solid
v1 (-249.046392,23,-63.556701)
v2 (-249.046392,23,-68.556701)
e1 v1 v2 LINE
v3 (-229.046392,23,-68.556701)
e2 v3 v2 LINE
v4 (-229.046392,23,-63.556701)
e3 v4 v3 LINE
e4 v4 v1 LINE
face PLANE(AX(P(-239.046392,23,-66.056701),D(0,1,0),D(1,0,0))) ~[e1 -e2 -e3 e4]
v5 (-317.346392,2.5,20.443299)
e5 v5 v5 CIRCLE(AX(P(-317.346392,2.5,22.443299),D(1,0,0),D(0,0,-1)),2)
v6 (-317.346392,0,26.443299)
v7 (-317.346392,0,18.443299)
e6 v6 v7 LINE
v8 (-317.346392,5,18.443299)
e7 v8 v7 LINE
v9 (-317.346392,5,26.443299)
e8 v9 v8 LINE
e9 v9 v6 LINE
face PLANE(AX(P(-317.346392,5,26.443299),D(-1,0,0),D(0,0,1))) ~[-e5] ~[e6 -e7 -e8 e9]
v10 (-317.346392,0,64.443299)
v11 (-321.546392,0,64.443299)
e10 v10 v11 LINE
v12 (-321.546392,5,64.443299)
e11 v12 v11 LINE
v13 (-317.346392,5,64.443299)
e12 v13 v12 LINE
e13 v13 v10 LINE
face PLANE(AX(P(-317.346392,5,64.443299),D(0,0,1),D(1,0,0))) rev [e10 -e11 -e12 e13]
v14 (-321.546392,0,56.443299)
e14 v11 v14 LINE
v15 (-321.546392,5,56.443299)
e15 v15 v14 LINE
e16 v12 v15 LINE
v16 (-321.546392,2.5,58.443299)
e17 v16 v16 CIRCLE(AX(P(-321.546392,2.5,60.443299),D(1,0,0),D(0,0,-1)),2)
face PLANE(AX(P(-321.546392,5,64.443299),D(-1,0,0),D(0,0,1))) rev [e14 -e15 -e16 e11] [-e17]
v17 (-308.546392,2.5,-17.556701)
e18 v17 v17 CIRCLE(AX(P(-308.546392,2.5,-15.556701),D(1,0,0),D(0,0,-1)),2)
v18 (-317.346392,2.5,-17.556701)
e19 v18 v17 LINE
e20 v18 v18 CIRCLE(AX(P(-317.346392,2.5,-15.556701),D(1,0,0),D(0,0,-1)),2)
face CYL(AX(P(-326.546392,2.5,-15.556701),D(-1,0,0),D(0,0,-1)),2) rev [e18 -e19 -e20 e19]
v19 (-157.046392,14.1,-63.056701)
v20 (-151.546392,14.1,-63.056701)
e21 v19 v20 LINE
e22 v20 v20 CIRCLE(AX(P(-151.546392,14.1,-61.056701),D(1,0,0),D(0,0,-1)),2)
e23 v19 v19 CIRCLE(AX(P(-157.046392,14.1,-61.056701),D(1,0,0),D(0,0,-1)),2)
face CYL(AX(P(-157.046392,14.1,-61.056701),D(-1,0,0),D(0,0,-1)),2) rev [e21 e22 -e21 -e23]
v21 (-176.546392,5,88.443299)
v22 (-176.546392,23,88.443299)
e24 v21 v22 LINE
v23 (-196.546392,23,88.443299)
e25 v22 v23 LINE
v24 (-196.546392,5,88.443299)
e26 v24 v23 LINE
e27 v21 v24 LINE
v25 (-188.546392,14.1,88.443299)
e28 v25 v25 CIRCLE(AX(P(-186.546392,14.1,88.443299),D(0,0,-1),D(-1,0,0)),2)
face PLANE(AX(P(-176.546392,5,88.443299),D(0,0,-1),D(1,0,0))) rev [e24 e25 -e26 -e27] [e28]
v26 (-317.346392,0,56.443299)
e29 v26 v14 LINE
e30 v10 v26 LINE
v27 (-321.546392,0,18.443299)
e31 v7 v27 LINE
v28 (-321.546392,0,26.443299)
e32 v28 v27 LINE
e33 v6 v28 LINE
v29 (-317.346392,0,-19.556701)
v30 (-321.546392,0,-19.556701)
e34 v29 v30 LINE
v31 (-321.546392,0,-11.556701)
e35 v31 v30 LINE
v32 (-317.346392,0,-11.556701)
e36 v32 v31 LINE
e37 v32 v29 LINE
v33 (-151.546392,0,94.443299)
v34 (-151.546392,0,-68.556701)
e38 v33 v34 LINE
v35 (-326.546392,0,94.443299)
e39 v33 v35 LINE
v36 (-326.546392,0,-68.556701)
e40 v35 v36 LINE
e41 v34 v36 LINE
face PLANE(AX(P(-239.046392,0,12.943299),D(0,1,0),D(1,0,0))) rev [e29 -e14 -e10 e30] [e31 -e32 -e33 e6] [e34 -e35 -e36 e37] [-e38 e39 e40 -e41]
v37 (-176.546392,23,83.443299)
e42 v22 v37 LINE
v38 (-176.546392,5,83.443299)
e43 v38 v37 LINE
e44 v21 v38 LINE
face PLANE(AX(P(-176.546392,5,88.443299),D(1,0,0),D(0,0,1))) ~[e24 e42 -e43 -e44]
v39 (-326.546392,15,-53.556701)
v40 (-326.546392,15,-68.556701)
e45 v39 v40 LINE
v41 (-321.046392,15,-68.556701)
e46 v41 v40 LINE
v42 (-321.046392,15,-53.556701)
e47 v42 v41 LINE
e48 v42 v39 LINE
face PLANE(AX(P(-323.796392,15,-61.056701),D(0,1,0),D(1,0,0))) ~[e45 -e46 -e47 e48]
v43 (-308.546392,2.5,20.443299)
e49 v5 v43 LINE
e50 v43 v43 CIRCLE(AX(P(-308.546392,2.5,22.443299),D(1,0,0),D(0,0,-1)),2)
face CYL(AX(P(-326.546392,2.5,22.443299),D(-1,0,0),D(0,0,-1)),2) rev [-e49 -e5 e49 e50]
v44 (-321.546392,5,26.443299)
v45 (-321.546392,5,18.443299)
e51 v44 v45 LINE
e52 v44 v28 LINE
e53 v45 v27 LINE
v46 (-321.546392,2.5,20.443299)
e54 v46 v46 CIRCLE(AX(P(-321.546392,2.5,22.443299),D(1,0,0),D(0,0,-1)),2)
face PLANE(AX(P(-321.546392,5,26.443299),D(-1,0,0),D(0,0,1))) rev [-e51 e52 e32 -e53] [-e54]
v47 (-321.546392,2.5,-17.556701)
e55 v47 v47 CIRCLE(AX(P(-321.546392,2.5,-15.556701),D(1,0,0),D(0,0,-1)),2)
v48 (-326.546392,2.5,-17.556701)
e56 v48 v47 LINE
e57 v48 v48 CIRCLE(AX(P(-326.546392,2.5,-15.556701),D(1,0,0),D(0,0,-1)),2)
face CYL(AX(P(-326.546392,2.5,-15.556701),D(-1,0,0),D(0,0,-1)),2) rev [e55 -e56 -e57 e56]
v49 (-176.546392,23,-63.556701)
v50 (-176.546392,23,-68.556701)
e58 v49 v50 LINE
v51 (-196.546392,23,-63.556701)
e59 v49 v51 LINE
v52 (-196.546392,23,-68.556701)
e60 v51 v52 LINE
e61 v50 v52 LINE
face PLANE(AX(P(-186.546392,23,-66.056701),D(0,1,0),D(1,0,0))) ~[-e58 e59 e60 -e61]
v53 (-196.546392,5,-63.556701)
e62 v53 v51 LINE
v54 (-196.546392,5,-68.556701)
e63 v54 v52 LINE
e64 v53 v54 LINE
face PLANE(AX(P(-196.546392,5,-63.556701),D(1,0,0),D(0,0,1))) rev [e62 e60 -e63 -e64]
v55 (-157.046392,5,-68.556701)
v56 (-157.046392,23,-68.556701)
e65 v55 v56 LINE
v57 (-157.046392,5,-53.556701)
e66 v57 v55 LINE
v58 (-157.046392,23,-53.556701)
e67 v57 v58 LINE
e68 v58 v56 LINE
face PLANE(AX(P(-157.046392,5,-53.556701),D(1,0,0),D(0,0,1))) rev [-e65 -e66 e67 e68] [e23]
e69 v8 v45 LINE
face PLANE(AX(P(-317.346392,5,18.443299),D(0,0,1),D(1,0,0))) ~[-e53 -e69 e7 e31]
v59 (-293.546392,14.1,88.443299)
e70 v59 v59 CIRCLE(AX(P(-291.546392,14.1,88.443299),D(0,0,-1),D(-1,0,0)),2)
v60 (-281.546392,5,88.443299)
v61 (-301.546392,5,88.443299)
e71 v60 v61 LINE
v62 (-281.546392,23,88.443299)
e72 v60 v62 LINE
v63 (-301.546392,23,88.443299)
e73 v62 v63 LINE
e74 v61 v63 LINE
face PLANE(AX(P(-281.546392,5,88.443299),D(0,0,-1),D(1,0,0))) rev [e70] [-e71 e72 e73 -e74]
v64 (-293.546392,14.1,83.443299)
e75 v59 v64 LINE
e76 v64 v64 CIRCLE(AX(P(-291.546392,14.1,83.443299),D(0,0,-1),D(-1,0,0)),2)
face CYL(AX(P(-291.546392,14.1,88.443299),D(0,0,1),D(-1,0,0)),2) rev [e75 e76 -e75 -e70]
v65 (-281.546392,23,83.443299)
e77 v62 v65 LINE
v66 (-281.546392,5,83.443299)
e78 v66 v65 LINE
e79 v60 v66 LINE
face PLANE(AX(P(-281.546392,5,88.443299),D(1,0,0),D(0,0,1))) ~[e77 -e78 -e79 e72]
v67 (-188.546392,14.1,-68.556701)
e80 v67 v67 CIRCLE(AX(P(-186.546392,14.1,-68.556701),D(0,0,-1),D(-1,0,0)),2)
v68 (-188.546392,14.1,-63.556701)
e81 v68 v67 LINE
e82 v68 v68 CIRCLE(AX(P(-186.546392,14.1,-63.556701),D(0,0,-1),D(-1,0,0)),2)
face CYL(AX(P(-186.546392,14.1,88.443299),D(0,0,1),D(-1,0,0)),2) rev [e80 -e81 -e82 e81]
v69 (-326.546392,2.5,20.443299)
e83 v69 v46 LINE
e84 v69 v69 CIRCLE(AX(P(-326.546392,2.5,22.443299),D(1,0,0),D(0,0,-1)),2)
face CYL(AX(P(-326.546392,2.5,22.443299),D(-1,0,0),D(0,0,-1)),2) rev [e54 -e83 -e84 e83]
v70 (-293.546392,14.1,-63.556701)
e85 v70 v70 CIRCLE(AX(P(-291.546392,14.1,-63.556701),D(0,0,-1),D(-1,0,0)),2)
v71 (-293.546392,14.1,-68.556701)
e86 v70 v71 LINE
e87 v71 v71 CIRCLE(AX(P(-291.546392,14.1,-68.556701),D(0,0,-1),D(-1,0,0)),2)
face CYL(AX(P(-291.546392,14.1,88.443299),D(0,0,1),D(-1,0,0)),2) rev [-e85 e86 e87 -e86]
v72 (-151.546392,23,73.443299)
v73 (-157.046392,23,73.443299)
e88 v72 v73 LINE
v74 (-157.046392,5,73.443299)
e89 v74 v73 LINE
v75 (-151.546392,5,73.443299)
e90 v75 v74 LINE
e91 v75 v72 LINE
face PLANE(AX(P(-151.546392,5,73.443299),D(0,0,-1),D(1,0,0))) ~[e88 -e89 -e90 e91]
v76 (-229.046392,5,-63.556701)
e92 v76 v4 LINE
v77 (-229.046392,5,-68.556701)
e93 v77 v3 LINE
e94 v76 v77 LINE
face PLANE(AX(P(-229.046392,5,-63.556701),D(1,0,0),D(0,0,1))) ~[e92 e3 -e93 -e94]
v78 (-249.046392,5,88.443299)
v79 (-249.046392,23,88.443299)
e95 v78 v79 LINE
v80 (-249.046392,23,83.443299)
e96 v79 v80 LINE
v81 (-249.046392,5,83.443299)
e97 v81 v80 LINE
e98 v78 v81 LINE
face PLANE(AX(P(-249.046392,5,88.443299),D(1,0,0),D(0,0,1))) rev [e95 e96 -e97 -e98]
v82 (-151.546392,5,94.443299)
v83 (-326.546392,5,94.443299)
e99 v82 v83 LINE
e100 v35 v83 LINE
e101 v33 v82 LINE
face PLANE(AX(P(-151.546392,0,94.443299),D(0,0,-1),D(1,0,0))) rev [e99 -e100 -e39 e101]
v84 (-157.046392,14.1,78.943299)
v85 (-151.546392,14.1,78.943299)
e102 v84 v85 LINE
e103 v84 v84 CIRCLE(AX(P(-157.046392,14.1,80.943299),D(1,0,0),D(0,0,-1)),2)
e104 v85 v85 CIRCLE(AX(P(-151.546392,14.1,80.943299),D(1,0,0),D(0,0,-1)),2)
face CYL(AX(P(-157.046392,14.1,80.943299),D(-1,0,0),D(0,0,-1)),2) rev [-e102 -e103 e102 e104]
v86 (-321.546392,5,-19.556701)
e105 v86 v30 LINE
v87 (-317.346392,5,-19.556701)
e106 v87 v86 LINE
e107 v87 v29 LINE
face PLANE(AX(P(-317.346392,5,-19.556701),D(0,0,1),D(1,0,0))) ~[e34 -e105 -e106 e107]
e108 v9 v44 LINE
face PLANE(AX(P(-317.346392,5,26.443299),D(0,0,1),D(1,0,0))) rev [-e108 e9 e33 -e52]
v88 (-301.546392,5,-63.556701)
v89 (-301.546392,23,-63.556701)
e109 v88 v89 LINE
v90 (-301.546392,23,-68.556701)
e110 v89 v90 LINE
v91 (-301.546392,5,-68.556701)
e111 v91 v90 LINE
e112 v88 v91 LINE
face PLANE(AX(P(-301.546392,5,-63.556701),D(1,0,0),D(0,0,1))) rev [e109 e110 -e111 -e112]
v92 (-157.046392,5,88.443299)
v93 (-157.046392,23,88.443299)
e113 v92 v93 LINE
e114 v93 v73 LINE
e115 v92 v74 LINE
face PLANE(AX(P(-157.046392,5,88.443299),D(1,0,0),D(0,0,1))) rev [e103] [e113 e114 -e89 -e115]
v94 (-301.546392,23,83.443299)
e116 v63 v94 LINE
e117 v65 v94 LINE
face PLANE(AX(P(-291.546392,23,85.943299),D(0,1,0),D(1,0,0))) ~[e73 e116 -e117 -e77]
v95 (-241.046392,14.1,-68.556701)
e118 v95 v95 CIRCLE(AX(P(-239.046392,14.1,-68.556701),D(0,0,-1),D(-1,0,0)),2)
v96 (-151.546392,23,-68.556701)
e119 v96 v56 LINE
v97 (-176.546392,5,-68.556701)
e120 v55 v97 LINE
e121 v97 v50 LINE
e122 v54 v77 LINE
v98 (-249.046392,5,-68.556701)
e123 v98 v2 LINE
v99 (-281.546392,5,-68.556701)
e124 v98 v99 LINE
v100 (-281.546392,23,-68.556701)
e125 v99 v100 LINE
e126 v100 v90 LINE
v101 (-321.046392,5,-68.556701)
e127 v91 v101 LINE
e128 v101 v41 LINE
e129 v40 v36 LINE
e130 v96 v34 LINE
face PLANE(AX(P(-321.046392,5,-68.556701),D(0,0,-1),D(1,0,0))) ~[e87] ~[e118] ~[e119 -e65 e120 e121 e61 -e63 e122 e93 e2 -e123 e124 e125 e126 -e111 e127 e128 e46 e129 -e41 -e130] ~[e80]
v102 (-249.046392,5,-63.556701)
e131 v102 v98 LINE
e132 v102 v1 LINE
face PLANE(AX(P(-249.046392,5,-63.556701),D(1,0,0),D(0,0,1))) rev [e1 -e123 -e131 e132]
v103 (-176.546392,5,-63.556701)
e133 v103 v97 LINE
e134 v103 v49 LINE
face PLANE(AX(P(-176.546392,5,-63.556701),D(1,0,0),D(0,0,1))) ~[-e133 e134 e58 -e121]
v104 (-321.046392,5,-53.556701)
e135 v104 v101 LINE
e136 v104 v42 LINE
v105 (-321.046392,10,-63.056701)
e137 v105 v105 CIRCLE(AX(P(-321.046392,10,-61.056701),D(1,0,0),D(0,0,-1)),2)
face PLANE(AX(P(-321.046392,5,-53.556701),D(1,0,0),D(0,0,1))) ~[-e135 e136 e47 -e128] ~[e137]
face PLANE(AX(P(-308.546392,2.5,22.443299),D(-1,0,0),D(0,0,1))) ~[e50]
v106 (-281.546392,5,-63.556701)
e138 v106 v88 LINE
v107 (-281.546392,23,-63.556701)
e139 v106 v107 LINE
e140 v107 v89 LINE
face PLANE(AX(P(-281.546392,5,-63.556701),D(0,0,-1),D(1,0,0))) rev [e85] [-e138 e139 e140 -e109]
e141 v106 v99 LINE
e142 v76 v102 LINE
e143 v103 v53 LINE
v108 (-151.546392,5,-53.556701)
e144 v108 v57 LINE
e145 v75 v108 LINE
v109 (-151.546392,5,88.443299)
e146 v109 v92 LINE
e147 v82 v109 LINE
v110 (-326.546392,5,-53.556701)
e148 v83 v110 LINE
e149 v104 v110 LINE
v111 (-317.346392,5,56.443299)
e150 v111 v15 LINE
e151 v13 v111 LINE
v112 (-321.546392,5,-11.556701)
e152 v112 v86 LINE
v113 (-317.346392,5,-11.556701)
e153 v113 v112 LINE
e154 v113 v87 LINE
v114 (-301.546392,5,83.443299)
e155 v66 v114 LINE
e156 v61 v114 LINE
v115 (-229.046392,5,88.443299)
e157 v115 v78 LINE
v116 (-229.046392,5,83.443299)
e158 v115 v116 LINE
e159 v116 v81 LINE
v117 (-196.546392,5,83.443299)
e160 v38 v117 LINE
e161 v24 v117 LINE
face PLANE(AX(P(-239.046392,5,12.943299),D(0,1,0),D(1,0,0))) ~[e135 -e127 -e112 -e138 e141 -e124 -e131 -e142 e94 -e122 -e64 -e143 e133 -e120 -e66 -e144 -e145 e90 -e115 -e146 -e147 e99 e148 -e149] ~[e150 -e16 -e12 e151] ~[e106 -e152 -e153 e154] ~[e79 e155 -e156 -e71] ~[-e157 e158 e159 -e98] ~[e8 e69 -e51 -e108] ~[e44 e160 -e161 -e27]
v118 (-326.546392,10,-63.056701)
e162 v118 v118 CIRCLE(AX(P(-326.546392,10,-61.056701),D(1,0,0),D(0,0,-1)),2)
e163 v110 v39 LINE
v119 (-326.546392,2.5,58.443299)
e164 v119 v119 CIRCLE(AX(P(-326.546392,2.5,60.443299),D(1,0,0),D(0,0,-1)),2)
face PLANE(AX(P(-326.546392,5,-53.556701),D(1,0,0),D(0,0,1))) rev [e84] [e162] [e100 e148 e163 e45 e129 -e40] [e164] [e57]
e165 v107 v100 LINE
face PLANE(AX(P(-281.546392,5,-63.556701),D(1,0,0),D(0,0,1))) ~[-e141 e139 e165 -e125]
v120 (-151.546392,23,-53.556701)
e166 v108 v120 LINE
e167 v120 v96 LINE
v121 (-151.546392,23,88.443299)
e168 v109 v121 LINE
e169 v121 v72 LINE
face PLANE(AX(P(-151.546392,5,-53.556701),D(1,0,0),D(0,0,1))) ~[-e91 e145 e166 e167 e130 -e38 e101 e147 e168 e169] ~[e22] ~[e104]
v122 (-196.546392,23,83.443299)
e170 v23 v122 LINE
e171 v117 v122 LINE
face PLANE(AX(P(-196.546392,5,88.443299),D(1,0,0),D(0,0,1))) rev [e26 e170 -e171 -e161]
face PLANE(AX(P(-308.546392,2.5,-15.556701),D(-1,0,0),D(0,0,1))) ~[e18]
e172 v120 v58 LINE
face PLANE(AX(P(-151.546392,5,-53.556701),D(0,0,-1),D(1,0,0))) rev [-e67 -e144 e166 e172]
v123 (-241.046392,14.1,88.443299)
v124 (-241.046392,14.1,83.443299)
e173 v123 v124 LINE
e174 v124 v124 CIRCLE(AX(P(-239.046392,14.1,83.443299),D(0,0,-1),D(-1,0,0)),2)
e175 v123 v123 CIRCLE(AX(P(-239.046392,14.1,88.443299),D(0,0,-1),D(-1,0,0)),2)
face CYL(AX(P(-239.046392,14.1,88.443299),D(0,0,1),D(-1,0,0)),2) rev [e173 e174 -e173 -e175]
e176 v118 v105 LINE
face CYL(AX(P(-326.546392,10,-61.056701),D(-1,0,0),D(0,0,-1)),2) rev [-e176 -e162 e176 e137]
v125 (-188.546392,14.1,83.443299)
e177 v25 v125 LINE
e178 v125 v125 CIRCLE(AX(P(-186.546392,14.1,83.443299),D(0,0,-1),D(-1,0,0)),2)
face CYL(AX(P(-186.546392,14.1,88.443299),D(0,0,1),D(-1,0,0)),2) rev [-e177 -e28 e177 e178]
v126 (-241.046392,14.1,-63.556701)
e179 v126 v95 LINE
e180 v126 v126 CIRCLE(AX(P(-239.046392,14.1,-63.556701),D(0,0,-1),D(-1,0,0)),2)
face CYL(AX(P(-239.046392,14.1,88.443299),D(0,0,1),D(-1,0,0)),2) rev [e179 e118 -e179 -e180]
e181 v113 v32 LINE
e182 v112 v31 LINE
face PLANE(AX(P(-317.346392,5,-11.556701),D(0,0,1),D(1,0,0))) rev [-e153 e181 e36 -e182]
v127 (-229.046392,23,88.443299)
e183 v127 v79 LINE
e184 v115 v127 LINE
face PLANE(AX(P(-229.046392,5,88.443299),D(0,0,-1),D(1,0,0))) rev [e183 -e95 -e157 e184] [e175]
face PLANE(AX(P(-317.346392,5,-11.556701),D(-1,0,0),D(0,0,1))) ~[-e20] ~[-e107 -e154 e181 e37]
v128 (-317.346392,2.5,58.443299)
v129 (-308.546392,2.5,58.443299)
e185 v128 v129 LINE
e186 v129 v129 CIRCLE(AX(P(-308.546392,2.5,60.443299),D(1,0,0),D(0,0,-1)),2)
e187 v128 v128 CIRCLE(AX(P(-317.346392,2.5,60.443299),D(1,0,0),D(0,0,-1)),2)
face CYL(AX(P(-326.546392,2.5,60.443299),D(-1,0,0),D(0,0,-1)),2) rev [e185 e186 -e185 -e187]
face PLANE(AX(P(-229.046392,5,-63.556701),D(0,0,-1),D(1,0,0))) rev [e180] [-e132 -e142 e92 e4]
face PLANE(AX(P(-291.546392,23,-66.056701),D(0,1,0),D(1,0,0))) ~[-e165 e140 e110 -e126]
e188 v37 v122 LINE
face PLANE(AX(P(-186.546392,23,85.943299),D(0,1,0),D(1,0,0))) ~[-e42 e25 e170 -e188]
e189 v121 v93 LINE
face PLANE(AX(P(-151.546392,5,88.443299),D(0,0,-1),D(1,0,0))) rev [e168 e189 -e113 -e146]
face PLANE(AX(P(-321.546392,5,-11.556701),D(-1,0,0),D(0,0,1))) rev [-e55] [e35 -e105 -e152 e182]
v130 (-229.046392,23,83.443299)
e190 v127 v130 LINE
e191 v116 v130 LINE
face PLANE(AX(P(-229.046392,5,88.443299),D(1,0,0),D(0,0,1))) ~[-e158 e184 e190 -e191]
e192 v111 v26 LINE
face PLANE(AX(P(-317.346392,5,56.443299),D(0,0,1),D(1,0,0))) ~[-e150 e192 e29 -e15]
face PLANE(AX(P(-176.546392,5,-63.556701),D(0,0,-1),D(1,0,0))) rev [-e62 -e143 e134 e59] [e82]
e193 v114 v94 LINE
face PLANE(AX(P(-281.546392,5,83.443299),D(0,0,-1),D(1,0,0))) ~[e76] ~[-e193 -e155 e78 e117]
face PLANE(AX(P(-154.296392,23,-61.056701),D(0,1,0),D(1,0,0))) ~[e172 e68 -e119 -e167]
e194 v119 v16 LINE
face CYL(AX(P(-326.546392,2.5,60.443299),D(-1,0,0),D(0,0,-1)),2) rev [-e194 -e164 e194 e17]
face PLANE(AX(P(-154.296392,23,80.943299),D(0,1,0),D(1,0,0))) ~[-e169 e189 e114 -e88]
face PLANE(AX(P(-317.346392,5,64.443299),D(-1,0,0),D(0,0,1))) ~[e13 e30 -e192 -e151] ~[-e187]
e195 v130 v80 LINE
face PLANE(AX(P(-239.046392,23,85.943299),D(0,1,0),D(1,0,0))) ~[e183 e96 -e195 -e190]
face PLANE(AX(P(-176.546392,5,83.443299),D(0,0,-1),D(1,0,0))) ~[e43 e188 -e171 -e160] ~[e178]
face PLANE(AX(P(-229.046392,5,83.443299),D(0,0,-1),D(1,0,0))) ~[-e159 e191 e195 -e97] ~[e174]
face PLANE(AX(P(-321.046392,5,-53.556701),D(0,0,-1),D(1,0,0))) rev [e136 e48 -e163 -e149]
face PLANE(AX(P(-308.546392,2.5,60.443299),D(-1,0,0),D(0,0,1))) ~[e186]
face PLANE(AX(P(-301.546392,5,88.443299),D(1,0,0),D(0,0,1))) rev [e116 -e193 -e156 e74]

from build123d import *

# Parameters (mm, degrees)
SKETCH1_W               = 175
SKETCH1_H               = 163
BOSS_EXTRUDE1_DEPTH     = 5
SKETCH2_W               = 20
SKETCH2_H               = 5
BOSS_EXTRUDE2_DEPTH     = 18
SKETCH3_R               = 2
CUT_EXTRUDE1_DEPTH      = 7
CUT_EXTRUDE1_DEPTH_BACK = 158
SKETCH4_W               = 5.5
SKETCH4_H               = 15
BOSS_EXTRUDE3_DEPTH     = 18
SKETCH6_W               = 5.5
SKETCH6_H               = 15
BOSS_EXTRUDE4_DEPTH     = 10
SKETCH7_R               = 2
CUT_EXTRUDE3_DEPTH      = 10
SKETCH8_W               = 4.2
SKETCH8_H               = 8
CUT_EXTRUDE4_DEPTH      = 10
SKETCH9_R               = 2
CUT_EXTRUDE5_DEPTH      = 18
SKETCH5_R               = 2
CUT_EXTRUDE8_DEPTH      = 10


with BuildPart() as part:
    # Sketch1 → Boss-Extrude1 (new body)
    with BuildSketch(Plane(origin=(0, 0, 0), x_dir=(1, 0, 0), z_dir=(0, 1, 0))):
        with Locations((-64.046391753, -12.943298969)):
            Rectangle(SKETCH1_W, SKETCH1_H)
    extrude(amount=BOSS_EXTRUDE1_DEPTH)

    # Sketch2 → Boss-Extrude2 (add)
    with BuildSketch(Plane(origin=(0, 5, 0), x_dir=(1, 0, 0), z_dir=(0, 1, 0))):
        with Locations((-116.546391753, 66.056701031)):
            Rectangle(SKETCH2_W, SKETCH2_H)
        with Locations((-116.546391753, -85.943298969)):
            Rectangle(SKETCH2_W, SKETCH2_H)
        with Locations((-11.546391753, -85.943298969)):
            Rectangle(SKETCH2_W, SKETCH2_H)
        with Locations((-11.546391753, 66.056701031)):
            Rectangle(SKETCH2_W, SKETCH2_H)
        with Locations((-64.046391753, -85.943298969)):
            Rectangle(SKETCH2_W, SKETCH2_H)
        with Locations((-64.046391753, 66.056701031)):
            Rectangle(SKETCH2_W, SKETCH2_H)
    extrude(amount=BOSS_EXTRUDE2_DEPTH)

    # Sketch3 → Cut-Extrude1 (cut, two sides)
    with BuildSketch(Plane.XY.offset(88.443298969)) as cut_extrude1_sk:
        with Locations((-116.546391753, 14.1)):
            Circle(SKETCH3_R)
        with Locations((-64.046391753, 14.1)):
            Circle(SKETCH3_R)
        with Locations((-11.546391753, 14.1)):
            Circle(SKETCH3_R)
    extrude(amount=CUT_EXTRUDE1_DEPTH, mode=Mode.SUBTRACT)
    extrude(cut_extrude1_sk.sketch, amount=-CUT_EXTRUDE1_DEPTH_BACK, mode=Mode.SUBTRACT)

    # Sketch4 → Boss-Extrude3 (add)
    with BuildSketch(Plane(origin=(0, 5, 0), x_dir=(1, 0, 0), z_dir=(0, 1, 0))):
        with Locations((-148.796391753, 61.056701031)):
            Rectangle(SKETCH4_W, SKETCH4_H)
        with Locations((-148.796391753, -80.943298969)):
            Rectangle(SKETCH4_W, SKETCH4_H)
    extrude(amount=BOSS_EXTRUDE3_DEPTH)

    # Sketch6 → Boss-Extrude4 (add)
    with BuildSketch(Plane(origin=(0, 5, 0), x_dir=(1, 0, 0), z_dir=(0, 1, 0))):
        with Locations((20.703608247, 61.056701031)):
            Rectangle(SKETCH6_W, SKETCH6_H)
    extrude(amount=BOSS_EXTRUDE4_DEPTH)

    # Sketch7 → Cut-Extrude3 (cut)
    with BuildSketch(Plane(origin=(23.453608247, 0, 0), x_dir=(0, 0, -1), z_dir=(1, 0, 0))):
        with Locations((61.056701031, 10)):
            Circle(SKETCH7_R)
    extrude(amount=-CUT_EXTRUDE3_DEPTH, mode=Mode.SUBTRACT)

    # Sketch8 → Cut-Extrude4 (cut)
    with BuildSketch(Plane(origin=(0, 5, 0), x_dir=(1, 0, 0), z_dir=(0, 1, 0))):
        with Locations((16.353608247, -60.443298969)):
            Rectangle(SKETCH8_W, SKETCH8_H)
        with Locations((16.353608247, -22.443298969)):
            Rectangle(SKETCH8_W, SKETCH8_H)
        with Locations((16.353608247, 15.556701031)):
            Rectangle(SKETCH8_W, SKETCH8_H)
    extrude(amount=-CUT_EXTRUDE4_DEPTH, mode=Mode.SUBTRACT)

    # Sketch9 → Cut-Extrude5 (cut)
    with BuildSketch(Plane(origin=(23.453608247, 0, 0), x_dir=(0, 0, -1), z_dir=(1, 0, 0))):
        with Locations((-22.443298969, 2.5)):
            Circle(SKETCH9_R)
        with Locations((-60.443298969, 2.5)):
            Circle(SKETCH9_R)
        with Locations((15.556701031, 2.5)):
            Circle(SKETCH9_R)
    extrude(amount=-CUT_EXTRUDE5_DEPTH, mode=Mode.SUBTRACT)

    # Sketch5 → Cut-Extrude8 (cut)
    with BuildSketch(Plane(origin=(-146.046391753, 0, 0), x_dir=(0, 0, -1), z_dir=(1, 0, 0))):
        with Locations((61.056701031, 14.1)):
            Circle(SKETCH5_R)
        with Locations((-80.943298969, 14.1)):
            Circle(SKETCH5_R)
    extrude(amount=-CUT_EXTRUDE8_DEPTH, mode=Mode.SUBTRACT)


with BuildPart() as body_2:
    # Mirror3: mirrored copy
    add(part.part.mirror(Plane(origin=(-151.546391753, 5, -68.556701031), x_dir=(0, 0, 1), z_dir=(1, 0, 0))))


solid = body_2.part
